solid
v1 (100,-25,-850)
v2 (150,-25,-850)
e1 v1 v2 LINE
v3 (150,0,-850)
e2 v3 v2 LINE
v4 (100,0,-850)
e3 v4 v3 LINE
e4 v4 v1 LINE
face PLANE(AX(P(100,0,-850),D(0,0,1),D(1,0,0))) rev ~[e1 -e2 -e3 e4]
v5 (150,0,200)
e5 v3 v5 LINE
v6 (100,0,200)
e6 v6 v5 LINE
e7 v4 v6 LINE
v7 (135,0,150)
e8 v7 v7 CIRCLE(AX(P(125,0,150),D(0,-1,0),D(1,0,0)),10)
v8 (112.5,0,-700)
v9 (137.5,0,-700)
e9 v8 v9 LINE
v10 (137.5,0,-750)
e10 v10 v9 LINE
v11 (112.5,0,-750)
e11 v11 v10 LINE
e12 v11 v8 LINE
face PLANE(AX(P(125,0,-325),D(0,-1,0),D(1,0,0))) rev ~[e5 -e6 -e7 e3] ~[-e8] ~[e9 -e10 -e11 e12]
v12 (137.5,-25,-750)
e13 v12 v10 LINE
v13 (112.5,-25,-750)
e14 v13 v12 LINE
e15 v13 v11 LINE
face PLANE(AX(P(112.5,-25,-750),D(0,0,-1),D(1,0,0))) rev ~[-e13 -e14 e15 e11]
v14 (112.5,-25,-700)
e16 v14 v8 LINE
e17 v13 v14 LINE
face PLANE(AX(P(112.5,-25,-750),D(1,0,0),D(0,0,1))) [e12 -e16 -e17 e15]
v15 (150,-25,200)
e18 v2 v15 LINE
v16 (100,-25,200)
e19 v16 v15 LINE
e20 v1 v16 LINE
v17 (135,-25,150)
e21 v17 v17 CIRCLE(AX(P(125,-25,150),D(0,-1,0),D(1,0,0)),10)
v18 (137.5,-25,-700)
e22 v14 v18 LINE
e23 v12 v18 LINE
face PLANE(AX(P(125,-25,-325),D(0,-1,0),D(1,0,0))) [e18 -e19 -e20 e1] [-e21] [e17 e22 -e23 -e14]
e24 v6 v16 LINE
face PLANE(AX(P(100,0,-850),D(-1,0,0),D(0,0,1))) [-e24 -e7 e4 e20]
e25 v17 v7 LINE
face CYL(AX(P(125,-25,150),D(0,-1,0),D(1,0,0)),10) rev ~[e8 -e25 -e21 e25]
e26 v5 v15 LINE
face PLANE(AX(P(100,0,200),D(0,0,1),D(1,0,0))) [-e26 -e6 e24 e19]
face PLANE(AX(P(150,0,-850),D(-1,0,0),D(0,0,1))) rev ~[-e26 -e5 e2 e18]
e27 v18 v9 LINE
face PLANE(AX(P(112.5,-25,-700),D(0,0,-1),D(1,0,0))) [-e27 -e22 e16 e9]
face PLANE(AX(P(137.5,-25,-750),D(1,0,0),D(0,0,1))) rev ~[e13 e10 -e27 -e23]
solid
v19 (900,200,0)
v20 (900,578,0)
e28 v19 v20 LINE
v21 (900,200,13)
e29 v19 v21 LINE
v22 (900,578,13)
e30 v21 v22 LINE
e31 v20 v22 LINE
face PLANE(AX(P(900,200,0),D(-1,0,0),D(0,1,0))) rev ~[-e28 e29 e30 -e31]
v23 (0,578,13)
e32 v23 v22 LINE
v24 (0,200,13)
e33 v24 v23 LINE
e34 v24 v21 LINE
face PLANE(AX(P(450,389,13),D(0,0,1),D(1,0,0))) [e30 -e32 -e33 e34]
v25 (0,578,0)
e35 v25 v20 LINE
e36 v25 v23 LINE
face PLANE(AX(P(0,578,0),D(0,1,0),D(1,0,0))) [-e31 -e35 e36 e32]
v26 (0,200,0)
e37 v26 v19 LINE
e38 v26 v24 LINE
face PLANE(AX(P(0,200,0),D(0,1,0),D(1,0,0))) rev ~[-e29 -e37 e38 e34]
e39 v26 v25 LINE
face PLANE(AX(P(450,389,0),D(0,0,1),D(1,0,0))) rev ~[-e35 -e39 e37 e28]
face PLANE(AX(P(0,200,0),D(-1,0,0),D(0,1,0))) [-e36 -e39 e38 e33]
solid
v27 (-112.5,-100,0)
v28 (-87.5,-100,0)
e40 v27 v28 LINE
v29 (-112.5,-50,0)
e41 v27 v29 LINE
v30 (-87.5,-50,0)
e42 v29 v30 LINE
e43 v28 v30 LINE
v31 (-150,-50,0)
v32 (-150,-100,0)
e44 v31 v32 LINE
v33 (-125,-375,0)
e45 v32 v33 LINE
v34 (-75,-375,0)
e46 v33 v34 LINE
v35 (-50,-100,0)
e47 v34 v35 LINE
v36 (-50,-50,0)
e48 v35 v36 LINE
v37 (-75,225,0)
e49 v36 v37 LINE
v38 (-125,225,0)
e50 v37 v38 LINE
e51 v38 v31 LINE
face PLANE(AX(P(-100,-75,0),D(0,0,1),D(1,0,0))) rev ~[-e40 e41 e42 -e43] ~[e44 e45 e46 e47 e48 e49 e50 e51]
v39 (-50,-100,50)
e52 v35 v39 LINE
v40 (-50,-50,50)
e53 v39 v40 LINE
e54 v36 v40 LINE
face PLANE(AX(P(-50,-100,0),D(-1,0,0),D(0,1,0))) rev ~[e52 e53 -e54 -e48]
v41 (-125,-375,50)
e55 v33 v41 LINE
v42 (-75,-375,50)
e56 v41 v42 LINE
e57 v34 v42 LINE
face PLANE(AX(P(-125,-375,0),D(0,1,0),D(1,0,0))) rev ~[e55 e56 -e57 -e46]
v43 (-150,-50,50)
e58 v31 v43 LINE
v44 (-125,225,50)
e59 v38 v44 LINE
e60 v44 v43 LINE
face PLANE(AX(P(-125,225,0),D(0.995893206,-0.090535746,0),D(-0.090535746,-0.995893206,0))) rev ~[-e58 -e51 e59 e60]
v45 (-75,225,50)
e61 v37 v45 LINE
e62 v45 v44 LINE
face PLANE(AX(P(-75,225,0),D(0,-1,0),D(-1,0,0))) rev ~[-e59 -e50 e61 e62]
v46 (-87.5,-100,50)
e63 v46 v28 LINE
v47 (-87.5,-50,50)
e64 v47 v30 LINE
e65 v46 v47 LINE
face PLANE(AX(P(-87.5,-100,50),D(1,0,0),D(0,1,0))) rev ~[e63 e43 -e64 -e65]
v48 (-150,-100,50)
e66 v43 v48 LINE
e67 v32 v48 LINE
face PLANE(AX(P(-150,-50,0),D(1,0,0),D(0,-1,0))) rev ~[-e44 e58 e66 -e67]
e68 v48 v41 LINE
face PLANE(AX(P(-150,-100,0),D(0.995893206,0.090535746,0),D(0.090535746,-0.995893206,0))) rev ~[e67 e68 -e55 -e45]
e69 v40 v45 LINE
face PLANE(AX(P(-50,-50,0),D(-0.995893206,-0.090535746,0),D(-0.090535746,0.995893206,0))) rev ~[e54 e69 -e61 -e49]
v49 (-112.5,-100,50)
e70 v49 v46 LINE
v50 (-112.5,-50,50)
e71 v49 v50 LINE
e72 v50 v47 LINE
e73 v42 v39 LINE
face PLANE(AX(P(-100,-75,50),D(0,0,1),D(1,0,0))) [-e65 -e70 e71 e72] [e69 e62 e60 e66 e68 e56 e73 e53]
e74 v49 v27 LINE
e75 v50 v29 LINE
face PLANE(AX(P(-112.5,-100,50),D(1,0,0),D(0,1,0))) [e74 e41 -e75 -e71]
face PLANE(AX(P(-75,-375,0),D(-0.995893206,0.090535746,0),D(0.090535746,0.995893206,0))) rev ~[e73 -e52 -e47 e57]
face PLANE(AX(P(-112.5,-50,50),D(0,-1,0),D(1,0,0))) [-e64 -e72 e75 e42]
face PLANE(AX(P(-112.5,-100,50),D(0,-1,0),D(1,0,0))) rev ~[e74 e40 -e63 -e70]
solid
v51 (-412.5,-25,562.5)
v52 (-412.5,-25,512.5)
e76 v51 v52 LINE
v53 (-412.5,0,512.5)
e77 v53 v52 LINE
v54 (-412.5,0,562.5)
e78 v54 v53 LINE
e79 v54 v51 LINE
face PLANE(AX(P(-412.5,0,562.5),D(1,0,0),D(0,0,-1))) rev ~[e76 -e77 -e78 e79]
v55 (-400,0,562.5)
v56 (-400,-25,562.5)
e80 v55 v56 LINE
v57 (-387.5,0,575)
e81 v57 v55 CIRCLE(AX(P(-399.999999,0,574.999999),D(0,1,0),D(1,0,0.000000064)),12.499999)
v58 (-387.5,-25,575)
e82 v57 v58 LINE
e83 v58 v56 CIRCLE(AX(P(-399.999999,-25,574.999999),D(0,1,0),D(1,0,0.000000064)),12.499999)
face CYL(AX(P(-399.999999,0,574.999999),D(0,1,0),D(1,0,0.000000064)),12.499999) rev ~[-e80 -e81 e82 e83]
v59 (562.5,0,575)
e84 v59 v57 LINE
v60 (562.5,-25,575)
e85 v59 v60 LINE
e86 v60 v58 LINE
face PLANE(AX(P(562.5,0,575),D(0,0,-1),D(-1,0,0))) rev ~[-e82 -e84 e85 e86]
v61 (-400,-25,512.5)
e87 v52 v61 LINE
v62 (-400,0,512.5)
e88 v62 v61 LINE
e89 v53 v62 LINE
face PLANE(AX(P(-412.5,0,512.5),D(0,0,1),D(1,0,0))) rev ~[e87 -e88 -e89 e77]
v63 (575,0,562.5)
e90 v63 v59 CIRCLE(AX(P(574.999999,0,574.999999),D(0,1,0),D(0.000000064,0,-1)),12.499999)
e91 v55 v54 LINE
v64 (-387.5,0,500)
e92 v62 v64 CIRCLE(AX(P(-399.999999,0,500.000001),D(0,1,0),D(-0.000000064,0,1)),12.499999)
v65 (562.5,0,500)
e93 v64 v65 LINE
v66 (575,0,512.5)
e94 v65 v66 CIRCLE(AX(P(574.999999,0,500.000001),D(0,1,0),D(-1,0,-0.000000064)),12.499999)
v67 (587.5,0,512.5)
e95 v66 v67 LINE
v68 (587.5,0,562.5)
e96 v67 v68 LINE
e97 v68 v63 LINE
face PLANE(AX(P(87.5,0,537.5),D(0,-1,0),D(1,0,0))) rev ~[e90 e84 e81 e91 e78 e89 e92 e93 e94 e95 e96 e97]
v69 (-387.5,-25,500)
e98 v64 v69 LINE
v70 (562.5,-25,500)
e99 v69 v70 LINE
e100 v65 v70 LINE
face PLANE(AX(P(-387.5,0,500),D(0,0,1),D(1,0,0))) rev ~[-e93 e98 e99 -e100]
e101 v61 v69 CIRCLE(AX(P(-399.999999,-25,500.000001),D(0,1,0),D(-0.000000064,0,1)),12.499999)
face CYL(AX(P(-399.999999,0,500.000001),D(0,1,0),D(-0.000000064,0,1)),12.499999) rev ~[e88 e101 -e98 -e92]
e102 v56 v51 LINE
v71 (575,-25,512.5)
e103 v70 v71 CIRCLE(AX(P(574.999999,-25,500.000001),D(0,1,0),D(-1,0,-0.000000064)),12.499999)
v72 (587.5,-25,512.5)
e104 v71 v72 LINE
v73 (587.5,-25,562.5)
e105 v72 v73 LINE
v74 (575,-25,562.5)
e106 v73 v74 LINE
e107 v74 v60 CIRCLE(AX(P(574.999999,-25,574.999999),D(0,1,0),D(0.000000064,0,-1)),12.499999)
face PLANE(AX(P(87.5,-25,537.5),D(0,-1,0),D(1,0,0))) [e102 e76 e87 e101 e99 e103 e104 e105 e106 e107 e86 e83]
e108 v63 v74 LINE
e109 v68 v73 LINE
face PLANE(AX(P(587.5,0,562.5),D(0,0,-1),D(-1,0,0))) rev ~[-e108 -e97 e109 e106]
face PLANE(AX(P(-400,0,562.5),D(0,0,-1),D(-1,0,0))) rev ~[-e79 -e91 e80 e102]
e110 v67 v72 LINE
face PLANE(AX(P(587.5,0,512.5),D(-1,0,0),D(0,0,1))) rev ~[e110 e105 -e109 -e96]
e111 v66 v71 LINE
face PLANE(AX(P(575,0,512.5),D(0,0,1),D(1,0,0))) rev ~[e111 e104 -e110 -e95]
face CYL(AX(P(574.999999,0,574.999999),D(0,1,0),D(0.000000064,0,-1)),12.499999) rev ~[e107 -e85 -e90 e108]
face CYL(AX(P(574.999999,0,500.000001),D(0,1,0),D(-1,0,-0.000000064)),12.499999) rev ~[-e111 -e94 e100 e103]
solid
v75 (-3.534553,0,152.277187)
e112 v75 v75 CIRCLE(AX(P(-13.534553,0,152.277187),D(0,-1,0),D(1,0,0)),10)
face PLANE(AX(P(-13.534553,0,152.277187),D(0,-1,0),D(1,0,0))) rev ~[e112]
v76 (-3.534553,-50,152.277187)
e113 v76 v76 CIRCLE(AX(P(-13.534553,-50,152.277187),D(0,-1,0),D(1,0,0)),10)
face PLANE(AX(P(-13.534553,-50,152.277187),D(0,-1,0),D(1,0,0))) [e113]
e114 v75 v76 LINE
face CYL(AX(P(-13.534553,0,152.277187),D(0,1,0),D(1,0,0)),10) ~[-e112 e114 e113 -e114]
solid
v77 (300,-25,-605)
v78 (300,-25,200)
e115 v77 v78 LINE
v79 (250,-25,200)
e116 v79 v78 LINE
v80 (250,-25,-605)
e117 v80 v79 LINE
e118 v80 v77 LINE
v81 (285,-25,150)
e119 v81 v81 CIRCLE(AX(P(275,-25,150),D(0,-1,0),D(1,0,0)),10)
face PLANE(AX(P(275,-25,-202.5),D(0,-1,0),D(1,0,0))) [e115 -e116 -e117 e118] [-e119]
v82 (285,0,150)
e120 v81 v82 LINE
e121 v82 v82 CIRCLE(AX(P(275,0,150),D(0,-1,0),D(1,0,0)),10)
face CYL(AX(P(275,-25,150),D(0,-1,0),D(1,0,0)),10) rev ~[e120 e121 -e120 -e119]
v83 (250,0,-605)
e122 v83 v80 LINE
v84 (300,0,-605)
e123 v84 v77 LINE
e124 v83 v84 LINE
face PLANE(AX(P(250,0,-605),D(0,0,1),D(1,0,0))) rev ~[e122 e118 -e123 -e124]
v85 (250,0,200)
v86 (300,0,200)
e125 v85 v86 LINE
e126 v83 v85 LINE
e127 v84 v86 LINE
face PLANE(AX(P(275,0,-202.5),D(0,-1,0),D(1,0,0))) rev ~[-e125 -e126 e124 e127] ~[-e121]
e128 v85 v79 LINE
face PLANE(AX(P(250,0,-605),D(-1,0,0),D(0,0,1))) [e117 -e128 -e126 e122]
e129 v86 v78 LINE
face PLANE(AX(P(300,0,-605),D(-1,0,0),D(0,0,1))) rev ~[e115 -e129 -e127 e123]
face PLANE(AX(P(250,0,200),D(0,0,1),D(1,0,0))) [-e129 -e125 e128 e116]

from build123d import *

# Parameters (mm, degrees)
F1_DEPTH  = 50
F2_W      = 25
F2_H      = 50
F3_DEPTH  = 50
F4_W      = 50
F4_H      = 1050
F5_DEPTH  = 25
F6_W      = 25
F6_H      = 50
F6_R      = 10
F7_DEPTH  = 25
F8_W      = 50
F8_H      = 805
F9_DEPTH  = 25
F10_R     = 10
F11_DEPTH = 25
F13_DEPTH = 25
F14_R     = 10
F15_DEPTH = 50
F16_W     = 900
F16_H     = 378
F17_DEPTH = 13


with BuildPart() as f1:
    # F0 (on Top) → F1 (new body)
    with BuildSketch(Plane.XY):
        Polygon((-75, 225), (-125, 225), (-150, -50), (-150, -100), (-125, -375), (-75, -375), (-50, -100), (-50, -50), align=None)
    extrude(amount=F1_DEPTH)

    # F2 (on face) → F3 (cut, through all)
    with BuildSketch(Plane.XY.offset(50)):
        with Locations((-100, -75)):
            Rectangle(F2_W, F2_H)
    extrude(amount=-F3_DEPTH, mode=Mode.SUBTRACT)


with BuildPart() as f5:
    # F4 (on Front) → F5 (new body)
    with BuildSketch(Plane.XZ):
        with Locations((125, -325)):
            Rectangle(F4_W, F4_H)
    extrude(amount=F5_DEPTH)

    # F6 (on face) → F7 (cut, through all)
    with BuildSketch(Plane.XZ.offset(25)):
        with Locations((125, -725)):
            Rectangle(F6_W, F6_H)
        with Locations((125, 150)):
            Circle(F6_R)
    extrude(amount=-F7_DEPTH, mode=Mode.SUBTRACT)


with BuildPart() as f9:
    # F8 (on Front) → F9 (new body)
    with BuildSketch(Plane.XZ):
        with Locations((275, -202.5)):
            Rectangle(F8_W, F8_H)
    extrude(amount=F9_DEPTH)

    # F10 (on face) → F11 (cut, through all)
    with BuildSketch(Plane.XZ.offset(25)):
        with Locations((275, 150)):
            Circle(F10_R)
    extrude(amount=-F11_DEPTH, mode=Mode.SUBTRACT)


with BuildPart() as f13:
    # F12 (on Front) → F13 (new body)
    with BuildSketch(Plane.XZ):
        with BuildLine():
            Line((-400, 562.5), (-412.5, 562.5))
            Line((-412.5, 562.5), (-412.5, 512.5))
            Line((-412.5, 512.5), (-400, 512.5))
            ThreePointArc((-400, 512.5), (-391.161165, 508.838835), (-387.5, 500))
            Line((-387.5, 500), (562.5, 500))
            ThreePointArc((562.5, 500), (566.161165, 508.838835), (575, 512.5))
            Line((575, 512.5), (587.5, 512.5))
            Line((587.5, 512.5), (587.5, 562.5))
            Line((587.5, 562.5), (575, 562.5))
            ThreePointArc((575, 562.5), (566.161165, 566.161165), (562.5, 575))
            Line((562.5, 575), (-387.5, 575))
            ThreePointArc((-387.5, 575), (-391.161165, 566.161165), (-400, 562.5))
        make_face()
    extrude(amount=F13_DEPTH)


with BuildPart() as f15:
    # F14 (on Front) → F15 (new body)
    with BuildSketch(Plane.XZ):
        with Locations((-13.534553, 152.277187)):
            Circle(F14_R)
    extrude(amount=F15_DEPTH)


with BuildPart() as f17:
    # F16 (on Top) → F17 (new body)
    with BuildSketch(Plane.XY):
        with Locations((450, 389)):
            Rectangle(F16_W, F16_H)
    extrude(amount=F17_DEPTH)


solid = Compound([f1.part, f5.part, f9.part, f13.part, f15.part, f17.part])
